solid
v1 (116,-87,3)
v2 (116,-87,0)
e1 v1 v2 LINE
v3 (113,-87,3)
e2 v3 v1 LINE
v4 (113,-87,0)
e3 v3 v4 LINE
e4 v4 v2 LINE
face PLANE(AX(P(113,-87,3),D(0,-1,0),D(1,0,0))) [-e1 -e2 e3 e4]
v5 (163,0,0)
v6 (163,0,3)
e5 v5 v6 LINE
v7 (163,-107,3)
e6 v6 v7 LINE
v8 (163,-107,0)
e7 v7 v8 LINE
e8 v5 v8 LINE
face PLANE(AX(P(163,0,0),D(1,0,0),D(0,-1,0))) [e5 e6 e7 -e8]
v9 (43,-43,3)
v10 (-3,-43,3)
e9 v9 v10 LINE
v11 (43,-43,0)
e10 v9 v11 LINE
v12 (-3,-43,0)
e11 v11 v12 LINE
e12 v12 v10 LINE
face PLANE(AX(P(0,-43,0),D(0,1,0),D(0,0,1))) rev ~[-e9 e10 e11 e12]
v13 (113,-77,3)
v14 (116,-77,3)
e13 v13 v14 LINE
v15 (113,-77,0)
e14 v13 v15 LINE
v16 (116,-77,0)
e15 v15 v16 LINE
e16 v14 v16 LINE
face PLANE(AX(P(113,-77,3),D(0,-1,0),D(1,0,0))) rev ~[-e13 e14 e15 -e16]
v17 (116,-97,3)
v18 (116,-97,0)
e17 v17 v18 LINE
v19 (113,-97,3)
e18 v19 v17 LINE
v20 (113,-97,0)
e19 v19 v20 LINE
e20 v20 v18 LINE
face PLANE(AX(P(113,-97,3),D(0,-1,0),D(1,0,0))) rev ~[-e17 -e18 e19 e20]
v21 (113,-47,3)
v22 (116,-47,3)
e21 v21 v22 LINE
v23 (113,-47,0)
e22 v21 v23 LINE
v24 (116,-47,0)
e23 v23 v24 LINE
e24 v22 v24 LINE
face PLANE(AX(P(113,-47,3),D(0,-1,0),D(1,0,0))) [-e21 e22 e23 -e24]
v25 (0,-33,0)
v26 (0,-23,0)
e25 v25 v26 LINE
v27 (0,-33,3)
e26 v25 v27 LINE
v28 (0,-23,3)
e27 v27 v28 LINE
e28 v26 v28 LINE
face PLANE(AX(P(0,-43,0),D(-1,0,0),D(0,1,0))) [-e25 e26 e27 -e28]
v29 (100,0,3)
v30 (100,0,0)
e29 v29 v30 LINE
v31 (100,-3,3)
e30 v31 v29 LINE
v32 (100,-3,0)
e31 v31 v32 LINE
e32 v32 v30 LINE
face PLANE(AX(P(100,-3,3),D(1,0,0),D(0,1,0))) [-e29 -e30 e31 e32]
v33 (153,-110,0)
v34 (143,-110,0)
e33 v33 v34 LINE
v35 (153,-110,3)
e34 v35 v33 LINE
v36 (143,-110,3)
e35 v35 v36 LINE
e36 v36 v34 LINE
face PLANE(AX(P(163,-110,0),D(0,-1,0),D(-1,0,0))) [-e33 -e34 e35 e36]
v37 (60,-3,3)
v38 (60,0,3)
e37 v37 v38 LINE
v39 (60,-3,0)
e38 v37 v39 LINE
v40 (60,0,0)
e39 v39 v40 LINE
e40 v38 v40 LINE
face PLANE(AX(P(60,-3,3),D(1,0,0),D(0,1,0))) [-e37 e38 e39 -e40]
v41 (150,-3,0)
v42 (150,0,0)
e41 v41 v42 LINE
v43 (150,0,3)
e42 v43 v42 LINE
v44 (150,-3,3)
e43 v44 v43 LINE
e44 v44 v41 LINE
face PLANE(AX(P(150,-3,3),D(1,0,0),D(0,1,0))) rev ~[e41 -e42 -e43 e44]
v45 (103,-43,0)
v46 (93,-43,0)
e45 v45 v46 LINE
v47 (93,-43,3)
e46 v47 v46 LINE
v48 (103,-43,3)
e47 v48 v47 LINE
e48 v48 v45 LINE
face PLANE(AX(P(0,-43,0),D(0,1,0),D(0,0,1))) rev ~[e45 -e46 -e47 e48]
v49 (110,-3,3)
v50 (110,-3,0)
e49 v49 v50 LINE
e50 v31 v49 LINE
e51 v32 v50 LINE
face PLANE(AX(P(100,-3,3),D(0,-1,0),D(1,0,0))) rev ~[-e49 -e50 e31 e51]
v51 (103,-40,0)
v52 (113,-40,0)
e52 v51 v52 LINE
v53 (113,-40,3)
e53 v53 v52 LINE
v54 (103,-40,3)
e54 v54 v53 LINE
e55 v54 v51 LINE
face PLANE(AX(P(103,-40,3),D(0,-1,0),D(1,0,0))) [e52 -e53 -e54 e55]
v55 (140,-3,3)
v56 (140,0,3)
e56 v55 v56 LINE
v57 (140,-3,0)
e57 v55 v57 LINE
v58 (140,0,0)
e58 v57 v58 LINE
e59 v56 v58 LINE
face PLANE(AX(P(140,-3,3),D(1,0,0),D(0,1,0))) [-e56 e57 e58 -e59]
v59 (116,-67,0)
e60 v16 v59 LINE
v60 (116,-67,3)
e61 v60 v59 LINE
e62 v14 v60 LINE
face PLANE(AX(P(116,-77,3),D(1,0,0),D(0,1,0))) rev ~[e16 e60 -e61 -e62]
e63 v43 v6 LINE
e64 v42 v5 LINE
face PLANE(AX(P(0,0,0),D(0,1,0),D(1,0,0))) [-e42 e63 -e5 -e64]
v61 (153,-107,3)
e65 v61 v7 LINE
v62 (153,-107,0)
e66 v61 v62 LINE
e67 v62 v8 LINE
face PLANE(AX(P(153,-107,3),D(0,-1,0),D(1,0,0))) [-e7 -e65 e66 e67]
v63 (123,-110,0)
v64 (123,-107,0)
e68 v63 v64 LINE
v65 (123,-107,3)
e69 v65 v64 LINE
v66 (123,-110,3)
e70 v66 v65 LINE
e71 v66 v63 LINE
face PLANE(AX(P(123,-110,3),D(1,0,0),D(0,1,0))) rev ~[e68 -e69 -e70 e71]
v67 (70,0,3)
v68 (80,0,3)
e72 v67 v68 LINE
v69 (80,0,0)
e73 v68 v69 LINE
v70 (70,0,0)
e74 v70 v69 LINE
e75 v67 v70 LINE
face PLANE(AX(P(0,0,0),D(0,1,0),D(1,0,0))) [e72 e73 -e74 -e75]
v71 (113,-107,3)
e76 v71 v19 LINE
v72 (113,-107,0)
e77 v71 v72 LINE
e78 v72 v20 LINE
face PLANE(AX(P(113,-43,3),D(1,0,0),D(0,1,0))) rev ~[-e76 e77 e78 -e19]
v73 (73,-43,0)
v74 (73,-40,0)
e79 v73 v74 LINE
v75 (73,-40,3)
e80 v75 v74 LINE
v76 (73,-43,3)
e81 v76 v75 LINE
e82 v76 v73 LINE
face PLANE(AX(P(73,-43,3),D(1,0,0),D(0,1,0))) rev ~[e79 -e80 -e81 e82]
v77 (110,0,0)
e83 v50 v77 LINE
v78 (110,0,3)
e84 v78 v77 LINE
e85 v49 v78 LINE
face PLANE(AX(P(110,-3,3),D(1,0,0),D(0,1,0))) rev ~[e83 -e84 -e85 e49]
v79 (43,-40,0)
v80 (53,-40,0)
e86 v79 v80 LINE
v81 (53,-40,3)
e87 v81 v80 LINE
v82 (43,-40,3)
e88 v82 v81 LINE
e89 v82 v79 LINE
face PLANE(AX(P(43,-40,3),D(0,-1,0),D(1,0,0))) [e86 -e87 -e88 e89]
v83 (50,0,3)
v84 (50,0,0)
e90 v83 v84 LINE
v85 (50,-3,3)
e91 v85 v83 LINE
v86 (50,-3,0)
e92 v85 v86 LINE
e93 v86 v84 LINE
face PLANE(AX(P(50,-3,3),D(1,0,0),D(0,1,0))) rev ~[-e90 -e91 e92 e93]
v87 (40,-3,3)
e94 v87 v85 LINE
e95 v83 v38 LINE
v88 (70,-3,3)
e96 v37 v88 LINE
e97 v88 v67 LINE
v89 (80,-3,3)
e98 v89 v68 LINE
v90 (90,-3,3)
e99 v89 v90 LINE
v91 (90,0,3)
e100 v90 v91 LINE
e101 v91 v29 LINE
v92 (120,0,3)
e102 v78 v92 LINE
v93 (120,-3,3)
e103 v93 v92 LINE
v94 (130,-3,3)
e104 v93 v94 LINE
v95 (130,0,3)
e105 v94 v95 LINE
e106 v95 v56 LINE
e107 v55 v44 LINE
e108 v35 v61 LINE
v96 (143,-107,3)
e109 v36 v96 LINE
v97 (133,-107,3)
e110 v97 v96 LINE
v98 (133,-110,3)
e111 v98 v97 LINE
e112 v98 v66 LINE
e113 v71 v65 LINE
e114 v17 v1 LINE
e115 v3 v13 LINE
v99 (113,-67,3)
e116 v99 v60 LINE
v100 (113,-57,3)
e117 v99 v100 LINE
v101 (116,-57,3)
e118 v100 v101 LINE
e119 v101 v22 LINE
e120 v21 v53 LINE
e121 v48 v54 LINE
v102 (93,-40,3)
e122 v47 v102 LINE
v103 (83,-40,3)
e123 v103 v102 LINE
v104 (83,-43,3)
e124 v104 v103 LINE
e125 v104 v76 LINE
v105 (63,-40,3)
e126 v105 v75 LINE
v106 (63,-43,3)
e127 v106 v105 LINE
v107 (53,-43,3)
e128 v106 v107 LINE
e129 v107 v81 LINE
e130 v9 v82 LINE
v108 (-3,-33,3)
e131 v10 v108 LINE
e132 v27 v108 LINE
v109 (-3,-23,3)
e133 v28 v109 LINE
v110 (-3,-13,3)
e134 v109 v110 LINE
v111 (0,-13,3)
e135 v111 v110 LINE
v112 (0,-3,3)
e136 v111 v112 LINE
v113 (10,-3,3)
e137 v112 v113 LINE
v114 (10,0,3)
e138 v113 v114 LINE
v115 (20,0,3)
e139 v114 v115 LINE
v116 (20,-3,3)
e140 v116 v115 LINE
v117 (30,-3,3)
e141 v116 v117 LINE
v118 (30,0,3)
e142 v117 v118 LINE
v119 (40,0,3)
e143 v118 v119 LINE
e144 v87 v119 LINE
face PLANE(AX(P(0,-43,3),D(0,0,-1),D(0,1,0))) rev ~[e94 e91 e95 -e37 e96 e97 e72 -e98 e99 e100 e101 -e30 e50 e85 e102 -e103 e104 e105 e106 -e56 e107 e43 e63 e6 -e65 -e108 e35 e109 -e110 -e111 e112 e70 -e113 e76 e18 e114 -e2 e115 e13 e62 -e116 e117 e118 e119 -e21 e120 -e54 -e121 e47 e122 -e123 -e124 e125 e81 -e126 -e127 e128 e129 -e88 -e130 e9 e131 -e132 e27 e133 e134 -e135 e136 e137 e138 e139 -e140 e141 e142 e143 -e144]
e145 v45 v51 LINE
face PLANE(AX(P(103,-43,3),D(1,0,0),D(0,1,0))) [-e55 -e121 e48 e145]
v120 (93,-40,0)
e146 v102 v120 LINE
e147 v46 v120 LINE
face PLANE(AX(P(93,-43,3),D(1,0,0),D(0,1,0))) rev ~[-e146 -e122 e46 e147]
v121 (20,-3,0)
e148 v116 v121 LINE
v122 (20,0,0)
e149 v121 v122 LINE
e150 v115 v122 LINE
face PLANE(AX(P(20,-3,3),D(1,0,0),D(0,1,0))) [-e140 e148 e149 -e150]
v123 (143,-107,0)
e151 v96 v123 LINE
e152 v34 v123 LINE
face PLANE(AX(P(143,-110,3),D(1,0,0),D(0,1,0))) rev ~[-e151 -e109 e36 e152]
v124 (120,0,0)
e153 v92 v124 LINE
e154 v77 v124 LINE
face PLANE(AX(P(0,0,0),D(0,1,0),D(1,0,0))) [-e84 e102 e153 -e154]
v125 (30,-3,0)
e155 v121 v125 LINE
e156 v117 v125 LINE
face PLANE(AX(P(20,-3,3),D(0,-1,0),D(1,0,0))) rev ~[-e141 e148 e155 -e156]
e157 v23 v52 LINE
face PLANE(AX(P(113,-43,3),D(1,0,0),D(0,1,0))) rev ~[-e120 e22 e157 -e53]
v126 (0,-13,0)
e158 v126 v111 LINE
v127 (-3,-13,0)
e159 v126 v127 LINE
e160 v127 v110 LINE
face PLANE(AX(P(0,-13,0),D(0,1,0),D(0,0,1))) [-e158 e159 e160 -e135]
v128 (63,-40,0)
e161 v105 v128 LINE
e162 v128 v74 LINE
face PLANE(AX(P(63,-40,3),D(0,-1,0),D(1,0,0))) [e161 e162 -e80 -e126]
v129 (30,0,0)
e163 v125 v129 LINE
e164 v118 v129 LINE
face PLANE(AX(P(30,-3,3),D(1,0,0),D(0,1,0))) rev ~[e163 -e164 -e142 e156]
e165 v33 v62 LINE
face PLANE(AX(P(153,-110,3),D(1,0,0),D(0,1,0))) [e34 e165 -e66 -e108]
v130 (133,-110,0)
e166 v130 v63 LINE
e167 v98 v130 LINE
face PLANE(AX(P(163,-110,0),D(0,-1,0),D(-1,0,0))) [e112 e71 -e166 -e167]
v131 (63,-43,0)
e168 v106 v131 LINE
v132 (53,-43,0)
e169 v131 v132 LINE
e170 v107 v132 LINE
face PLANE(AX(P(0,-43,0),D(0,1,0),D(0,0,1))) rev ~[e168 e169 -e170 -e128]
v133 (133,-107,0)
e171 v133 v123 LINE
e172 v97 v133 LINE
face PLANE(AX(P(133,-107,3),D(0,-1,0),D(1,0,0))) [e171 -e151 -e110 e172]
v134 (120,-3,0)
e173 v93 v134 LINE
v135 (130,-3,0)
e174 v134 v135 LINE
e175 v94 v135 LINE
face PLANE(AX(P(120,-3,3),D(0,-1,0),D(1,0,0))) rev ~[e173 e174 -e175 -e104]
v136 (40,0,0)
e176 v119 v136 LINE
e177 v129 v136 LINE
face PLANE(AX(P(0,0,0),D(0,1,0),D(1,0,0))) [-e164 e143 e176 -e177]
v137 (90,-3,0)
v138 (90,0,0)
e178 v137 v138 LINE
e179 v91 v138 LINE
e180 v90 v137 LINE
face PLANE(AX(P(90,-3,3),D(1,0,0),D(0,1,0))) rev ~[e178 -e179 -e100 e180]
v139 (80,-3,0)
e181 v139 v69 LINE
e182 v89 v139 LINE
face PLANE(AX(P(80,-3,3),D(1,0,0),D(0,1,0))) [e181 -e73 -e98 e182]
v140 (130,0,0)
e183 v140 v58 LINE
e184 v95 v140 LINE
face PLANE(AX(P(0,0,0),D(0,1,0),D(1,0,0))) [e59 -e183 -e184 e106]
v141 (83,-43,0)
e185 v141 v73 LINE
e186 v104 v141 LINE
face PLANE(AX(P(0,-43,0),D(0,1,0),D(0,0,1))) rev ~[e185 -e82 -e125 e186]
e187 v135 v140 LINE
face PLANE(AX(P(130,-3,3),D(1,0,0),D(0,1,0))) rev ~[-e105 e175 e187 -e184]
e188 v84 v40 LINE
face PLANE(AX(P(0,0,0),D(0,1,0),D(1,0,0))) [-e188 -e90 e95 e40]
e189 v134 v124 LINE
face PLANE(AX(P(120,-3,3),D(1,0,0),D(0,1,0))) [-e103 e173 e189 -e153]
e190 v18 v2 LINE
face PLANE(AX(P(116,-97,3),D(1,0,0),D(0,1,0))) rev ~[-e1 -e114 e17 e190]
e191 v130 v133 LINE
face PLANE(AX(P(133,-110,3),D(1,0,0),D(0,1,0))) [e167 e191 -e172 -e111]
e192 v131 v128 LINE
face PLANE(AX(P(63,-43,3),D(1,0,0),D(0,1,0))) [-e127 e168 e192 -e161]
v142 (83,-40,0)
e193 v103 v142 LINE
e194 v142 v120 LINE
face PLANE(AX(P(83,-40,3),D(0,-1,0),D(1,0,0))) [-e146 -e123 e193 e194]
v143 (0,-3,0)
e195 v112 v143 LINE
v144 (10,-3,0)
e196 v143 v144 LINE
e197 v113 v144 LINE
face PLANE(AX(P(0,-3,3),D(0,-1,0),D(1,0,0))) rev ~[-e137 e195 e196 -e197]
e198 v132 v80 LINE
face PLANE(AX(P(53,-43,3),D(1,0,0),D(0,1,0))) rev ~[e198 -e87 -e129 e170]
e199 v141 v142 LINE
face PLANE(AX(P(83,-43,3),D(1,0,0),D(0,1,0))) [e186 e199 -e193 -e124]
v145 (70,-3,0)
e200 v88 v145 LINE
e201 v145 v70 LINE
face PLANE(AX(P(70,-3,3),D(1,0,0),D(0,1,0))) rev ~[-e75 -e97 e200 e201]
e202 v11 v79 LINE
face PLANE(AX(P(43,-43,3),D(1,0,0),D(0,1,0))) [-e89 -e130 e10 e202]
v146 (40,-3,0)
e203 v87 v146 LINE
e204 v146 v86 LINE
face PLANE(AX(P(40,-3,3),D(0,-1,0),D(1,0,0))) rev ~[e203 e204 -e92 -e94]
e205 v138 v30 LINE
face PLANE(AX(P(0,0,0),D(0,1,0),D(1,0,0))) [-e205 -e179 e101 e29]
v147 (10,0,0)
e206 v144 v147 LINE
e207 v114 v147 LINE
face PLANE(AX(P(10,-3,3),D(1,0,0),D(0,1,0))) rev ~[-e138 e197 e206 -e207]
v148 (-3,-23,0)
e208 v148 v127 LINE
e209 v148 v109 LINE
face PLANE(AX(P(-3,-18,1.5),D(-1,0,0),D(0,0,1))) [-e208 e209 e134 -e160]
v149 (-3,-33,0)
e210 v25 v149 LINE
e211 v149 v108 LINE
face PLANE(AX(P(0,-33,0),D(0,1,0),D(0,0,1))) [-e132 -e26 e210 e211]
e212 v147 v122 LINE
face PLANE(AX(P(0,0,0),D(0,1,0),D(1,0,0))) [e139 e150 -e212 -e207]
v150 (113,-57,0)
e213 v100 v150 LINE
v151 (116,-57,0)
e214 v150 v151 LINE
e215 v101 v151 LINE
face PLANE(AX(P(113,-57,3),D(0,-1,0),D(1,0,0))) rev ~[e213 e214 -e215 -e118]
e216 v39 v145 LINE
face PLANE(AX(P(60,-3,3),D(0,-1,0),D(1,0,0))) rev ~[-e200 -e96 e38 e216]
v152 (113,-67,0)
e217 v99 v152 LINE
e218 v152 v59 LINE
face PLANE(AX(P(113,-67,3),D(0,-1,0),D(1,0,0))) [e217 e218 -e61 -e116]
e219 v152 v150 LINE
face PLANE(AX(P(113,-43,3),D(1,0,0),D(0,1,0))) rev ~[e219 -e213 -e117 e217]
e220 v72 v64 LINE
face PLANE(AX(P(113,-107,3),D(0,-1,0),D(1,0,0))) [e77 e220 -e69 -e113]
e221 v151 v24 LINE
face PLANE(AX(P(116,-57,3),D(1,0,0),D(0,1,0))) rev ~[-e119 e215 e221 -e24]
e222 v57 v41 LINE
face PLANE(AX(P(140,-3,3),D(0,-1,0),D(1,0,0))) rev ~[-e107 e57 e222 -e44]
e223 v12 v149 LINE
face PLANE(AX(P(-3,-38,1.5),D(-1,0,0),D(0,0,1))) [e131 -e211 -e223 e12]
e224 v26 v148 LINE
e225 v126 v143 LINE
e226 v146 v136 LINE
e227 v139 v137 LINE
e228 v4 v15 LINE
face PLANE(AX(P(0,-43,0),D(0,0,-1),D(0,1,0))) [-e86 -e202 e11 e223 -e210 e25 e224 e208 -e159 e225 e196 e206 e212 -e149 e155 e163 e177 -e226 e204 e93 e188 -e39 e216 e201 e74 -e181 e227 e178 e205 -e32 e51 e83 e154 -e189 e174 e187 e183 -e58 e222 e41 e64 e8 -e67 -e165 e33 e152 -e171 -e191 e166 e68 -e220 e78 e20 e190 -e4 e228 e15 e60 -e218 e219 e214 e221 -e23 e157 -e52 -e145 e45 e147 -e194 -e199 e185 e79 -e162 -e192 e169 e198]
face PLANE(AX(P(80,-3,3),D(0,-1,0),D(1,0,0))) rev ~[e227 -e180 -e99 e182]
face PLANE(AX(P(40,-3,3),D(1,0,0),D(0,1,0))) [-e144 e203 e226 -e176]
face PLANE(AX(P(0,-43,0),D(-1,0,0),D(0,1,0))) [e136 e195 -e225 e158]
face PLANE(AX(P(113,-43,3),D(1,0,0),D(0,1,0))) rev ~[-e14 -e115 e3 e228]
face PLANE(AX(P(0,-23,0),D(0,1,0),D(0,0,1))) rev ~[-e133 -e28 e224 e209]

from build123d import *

# Parameters (mm, degrees)
BOSS_EXTRU_1_DEPTH         = 3
ESQUISSE2_W                = 10
ESQUISSE2_H                = 3
ENL_V_MAT_EXTRU_1_DEPTH    = 3
R_P_TITION_LIN_AIRE1_COUNT = 8
R_P_TITION_LIN_AIRE1_PITCH = 20
ESQUISSE4_W                = 3
ESQUISSE4_H                = 10
BOSS_EXTRU_2_DEPTH         = 3
R_P_TITION_LIN_AIRE3_COUNT = 2
R_P_TITION_LIN_AIRE3_PITCH = 20
ESQUISSE5_W                = 10
ESQUISSE5_H                = 3
ENL_V_MAT_EXTRU_3_DEPTH    = 3
R_P_TITION_LIN_AIRE4_COUNT = 4
R_P_TITION_LIN_AIRE4_PITCH = 20
ESQUISSE6_W                = 10
ESQUISSE6_H                = 3
ENL_V_MAT_EXTRU_4_DEPTH    = 3
R_P_TITION_LIN_AIRE5_COUNT = 3
R_P_TITION_LIN_AIRE5_PITCH = 20
ESQUISSE7_W                = 3
ESQUISSE7_H                = 10
ENL_V_MAT_EXTRU_5_DEPTH    = 3
R_P_TITION_LIN_AIRE6_COUNT = 3
R_P_TITION_LIN_AIRE6_PITCH = 20


with BuildPart() as part:
    # Esquisse1 → Boss.-Extru.1 (new body)
    with BuildSketch(Plane.XY):
        Polygon((163, 0), (163, -110), (113, -110), (113, -43), (0, -43), (0, 0), align=None)
    extrude(amount=BOSS_EXTRU_1_DEPTH)

    # Esquisse2 → Enlèv. mat.-Extru.1 (cut)
    with BuildSketch(Plane.XY.offset(3)):
        with Locations((5, -1.5)):
            Rectangle(ESQUISSE2_W, ESQUISSE2_H)
    enl_v_mat_extru_1 = extrude(amount=-ENL_V_MAT_EXTRU_1_DEPTH, mode=Mode.SUBTRACT)

    # Répétition linéaire1: Enlèv. mat.-Extru.1 ×8
    with Locations(*[(i * R_P_TITION_LIN_AIRE1_PITCH, 0, 0) for i in range(1, R_P_TITION_LIN_AIRE1_COUNT)]):
        add(enl_v_mat_extru_1, mode=Mode.SUBTRACT)

    # Esquisse4 → Boss.-Extru.2 (add)
    with BuildSketch(Plane.ZY):
        with Locations((1.5, -38)):
            Rectangle(ESQUISSE4_W, ESQUISSE4_H)
    boss_extru_2 = extrude(amount=BOSS_EXTRU_2_DEPTH)

    # Répétition linéaire3: Boss.-Extru.2 ×2
    with Locations(*[(0, i * R_P_TITION_LIN_AIRE3_PITCH, 0) for i in range(1, R_P_TITION_LIN_AIRE3_COUNT)]):
        add(boss_extru_2)

    # Esquisse5 → Enlèv. mat.-Extru.3 (cut)
    with BuildSketch(Plane.XY.offset(3)):
        with Locations((108, -41.5)):
            Rectangle(ESQUISSE5_W, ESQUISSE5_H)
    enl_v_mat_extru_3 = extrude(amount=-ENL_V_MAT_EXTRU_3_DEPTH, mode=Mode.SUBTRACT)

    # Répétition linéaire4: Enlèv. mat.-Extru.3 ×4
    with Locations(*[(-i * R_P_TITION_LIN_AIRE4_PITCH, 0, 0) for i in range(1, R_P_TITION_LIN_AIRE4_COUNT)]):
        add(enl_v_mat_extru_3, mode=Mode.SUBTRACT)

    # Esquisse6 → Enlèv. mat.-Extru.4 (cut)
    with BuildSketch(Plane.XY.offset(3)):
        with Locations((118, -108.5)):
            Rectangle(ESQUISSE6_W, ESQUISSE6_H)
    enl_v_mat_extru_4 = extrude(amount=-ENL_V_MAT_EXTRU_4_DEPTH, mode=Mode.SUBTRACT)

    # Répétition linéaire5: Enlèv. mat.-Extru.4 ×3
    with Locations(*[(i * R_P_TITION_LIN_AIRE5_PITCH, 0, 0) for i in range(1, R_P_TITION_LIN_AIRE5_COUNT)]):
        add(enl_v_mat_extru_4, mode=Mode.SUBTRACT)

    # Esquisse7 → Enlèv. mat.-Extru.5 (cut)
    with BuildSketch(Plane.XY.offset(3)):
        with Locations((114.5, -92)):
            Rectangle(ESQUISSE7_W, ESQUISSE7_H)
    enl_v_mat_extru_5 = extrude(amount=-ENL_V_MAT_EXTRU_5_DEPTH, mode=Mode.SUBTRACT)

    # Répétition linéaire6: Enlèv. mat.-Extru.5 ×3
    with Locations(*[(0, i * R_P_TITION_LIN_AIRE6_PITCH, 0) for i in range(1, R_P_TITION_LIN_AIRE6_COUNT)]):
        add(enl_v_mat_extru_5, mode=Mode.SUBTRACT)


solid = part.part
